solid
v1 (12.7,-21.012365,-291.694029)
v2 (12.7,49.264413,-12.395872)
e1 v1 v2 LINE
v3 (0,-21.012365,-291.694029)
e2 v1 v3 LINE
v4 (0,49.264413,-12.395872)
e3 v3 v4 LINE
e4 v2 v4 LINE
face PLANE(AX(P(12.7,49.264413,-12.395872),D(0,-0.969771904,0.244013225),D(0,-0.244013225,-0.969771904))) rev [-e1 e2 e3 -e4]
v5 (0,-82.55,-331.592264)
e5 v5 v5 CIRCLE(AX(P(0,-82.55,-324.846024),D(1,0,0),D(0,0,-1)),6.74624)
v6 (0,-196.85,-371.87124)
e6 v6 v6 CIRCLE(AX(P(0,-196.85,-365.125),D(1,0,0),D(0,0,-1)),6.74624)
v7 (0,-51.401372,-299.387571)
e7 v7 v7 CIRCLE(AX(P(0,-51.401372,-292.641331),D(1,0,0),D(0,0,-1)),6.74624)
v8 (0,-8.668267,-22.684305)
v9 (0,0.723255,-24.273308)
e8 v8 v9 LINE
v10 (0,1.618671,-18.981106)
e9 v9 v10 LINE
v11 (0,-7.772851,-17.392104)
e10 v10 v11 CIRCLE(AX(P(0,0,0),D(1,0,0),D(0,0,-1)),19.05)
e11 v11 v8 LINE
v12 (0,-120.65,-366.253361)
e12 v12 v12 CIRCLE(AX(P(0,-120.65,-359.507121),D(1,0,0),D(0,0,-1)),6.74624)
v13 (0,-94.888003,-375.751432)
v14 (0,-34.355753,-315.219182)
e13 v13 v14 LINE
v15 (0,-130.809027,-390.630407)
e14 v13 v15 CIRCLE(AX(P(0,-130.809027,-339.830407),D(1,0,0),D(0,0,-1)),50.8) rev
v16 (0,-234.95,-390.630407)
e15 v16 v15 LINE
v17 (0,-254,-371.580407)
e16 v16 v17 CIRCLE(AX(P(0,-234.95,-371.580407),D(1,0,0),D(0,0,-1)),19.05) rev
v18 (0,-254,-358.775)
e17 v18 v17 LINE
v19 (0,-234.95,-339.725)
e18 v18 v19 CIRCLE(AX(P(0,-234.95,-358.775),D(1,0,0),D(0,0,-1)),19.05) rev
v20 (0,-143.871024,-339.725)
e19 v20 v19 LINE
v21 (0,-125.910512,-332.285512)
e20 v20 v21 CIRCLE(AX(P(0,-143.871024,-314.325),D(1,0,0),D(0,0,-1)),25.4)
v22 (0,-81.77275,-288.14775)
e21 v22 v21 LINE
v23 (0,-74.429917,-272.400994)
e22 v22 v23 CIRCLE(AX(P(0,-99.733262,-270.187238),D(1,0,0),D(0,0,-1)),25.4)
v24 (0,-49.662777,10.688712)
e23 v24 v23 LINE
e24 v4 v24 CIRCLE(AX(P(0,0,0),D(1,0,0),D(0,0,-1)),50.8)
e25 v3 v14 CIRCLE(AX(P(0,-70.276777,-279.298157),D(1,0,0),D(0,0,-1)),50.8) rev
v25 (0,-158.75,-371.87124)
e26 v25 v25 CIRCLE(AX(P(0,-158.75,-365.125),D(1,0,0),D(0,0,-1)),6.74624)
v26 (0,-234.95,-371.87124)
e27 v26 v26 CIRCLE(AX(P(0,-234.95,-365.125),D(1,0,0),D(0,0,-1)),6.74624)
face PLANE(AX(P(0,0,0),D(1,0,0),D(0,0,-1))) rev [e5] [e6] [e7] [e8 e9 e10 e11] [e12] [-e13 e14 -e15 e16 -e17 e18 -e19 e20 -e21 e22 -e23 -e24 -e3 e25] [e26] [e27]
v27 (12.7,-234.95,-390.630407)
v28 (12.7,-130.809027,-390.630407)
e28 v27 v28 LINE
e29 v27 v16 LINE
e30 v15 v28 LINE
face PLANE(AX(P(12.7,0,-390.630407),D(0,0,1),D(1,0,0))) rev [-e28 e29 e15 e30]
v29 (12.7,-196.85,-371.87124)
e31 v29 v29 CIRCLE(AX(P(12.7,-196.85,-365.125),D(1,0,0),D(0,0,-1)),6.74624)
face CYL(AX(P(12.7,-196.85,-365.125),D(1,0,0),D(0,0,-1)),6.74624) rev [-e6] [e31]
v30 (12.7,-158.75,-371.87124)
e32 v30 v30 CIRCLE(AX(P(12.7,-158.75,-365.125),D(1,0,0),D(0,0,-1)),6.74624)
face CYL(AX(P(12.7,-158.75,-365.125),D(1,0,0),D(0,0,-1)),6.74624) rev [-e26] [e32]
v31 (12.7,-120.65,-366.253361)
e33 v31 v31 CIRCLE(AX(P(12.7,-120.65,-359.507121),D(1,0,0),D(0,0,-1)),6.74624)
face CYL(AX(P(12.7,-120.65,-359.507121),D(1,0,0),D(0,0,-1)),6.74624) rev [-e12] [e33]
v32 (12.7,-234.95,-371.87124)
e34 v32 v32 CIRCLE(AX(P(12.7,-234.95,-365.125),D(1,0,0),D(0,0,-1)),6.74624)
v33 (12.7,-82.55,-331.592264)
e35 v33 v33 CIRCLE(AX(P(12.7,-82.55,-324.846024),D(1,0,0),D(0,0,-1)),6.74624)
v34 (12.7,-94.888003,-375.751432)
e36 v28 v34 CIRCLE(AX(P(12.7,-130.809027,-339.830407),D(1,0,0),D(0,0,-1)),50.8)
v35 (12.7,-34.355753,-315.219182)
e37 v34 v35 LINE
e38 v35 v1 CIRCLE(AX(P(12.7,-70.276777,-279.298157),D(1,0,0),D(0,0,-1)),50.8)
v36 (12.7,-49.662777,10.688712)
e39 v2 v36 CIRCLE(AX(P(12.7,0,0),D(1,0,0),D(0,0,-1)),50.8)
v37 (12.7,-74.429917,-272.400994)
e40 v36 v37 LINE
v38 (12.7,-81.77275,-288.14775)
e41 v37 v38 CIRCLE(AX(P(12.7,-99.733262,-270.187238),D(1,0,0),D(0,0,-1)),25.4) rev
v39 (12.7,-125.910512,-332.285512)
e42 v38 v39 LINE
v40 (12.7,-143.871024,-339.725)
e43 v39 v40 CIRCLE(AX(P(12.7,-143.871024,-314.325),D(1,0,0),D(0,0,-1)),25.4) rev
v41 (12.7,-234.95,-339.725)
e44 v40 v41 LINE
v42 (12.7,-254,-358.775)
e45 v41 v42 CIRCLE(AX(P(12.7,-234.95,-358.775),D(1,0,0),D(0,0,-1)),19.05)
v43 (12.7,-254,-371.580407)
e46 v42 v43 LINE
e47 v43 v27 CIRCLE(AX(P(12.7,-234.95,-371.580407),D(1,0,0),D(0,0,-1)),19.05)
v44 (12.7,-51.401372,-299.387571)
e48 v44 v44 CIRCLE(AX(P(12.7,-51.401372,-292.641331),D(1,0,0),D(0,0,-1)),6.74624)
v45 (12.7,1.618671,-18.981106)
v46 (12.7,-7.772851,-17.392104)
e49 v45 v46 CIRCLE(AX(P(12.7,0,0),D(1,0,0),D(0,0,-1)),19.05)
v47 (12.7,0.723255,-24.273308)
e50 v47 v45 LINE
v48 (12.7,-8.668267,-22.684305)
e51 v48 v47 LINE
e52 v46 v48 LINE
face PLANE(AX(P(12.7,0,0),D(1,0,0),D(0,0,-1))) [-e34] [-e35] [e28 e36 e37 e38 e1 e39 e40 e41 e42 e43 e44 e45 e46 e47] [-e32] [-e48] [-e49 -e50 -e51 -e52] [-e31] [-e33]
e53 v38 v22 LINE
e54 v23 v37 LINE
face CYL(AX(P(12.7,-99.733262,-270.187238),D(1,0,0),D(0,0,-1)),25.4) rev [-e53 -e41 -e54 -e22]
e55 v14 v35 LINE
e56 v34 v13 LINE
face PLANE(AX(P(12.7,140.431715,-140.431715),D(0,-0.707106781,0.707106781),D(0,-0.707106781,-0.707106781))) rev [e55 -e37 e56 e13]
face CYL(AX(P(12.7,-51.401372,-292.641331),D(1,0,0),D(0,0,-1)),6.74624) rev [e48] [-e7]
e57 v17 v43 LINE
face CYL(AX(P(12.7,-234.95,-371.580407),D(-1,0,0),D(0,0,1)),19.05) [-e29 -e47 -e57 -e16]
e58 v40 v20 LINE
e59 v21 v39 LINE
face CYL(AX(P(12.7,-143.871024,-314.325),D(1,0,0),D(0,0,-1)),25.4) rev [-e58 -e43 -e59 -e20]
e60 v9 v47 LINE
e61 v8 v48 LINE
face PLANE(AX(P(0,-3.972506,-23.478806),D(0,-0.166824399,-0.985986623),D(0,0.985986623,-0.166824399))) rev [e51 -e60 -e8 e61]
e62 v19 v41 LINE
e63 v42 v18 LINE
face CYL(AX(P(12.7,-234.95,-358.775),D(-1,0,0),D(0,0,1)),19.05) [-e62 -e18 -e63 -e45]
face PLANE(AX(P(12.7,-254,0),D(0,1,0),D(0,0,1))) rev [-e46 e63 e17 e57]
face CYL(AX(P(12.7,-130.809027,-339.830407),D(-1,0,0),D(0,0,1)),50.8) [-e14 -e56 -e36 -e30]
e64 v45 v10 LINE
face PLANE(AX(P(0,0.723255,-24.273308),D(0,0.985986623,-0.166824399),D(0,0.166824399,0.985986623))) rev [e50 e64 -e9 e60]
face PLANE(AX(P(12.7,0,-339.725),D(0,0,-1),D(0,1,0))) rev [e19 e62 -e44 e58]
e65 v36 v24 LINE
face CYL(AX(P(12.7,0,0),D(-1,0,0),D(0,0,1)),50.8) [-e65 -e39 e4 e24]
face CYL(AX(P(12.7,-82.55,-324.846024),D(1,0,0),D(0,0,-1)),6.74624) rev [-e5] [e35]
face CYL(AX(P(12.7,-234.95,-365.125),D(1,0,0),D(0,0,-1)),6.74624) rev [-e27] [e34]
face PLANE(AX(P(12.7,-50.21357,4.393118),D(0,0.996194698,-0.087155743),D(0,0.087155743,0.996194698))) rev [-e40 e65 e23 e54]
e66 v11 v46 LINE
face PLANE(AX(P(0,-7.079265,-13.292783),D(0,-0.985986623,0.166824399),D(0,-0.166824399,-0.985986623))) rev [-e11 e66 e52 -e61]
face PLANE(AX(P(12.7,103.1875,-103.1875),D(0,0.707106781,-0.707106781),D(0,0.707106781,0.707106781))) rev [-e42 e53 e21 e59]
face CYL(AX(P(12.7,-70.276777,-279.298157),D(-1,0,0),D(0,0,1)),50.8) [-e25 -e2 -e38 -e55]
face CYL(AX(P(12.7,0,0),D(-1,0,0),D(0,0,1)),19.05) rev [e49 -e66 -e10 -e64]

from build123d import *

# Parameters (mm, degrees)
SKETCH1_R                   = 19.05
BOSS_EXTRUDE1_DEPTH         = 12.7
FILLET1_R                   = 25.4
FILLET2_R                   = 50.8
F_1_2_CLEARANCE_HOLE1_D     = 13.49248
F_1_2_CLEARANCE_HOLE1_DEPTH = 38.1
F_1_2_CLEARANCE_HOLE1_TIP   = 4.053549943
FILLET3_R                   = 19.05
CUT_EXTRUDE1_DEPTH          = 13.7
F_1_2_CLEARANCE_HOLE2_D     = 13.49248


with BuildPart() as part:
    # Sketch1 → Boss-Extrude1 (new body)
    with BuildSketch(Plane(origin=(0, 0, 0), x_dir=(0, 0, -1), z_dir=(1, 0, 0))):
        with BuildLine():
            Line((390.630407277, -109.766978243), (305.29908743, -24.435658396))
            Line((305.29908743, -24.435658396), (12.395871839, 49.264412727))
            ThreePointArc((12.395871839, 49.264412727), (-49.470959365, 11.544010545), (-10.688712274, -49.662777107))
            Line((-10.688712274, -49.662777107), (281.610658396, -75.235658396))
            Line((281.610658396, -75.235658396), (339.725, -133.35))
            Line((339.725, -133.35), (339.725, -254))
            Line((339.725, -254), (390.630407277, -254))
            Line((390.630407277, -254), (390.630407277, -109.766978243))
        make_face()
        Circle(SKETCH1_R, mode=Mode.SUBTRACT)
    extrude(amount=BOSS_EXTRUDE1_DEPTH)

    # Fillet1
    fillet1_edges = [part.edges().sort_by_distance(p)[0] for p in [
        (6.35, -133.35, -339.725),
        (6.35, -75.235658396, -281.610658396),
    ]]
    fillet(fillet1_edges, radius=FILLET1_R)

    # Fillet2
    fillet2_edges = [part.edges().sort_by_distance(p)[0] for p in [
        (6.35, -24.435658396, -305.29908743),
        (6.35, -109.766978243, -390.630407277),
    ]]
    fillet(fillet2_edges, radius=FILLET2_R)

    # 1/2 Clearance Hole1
    with Locations(Plane(origin=(12.7, 0, 0), x_dir=(0, 0, -1), z_dir=(1, 0, 0))):
        with Locations((365.125, -234.95), (365.125, -196.85), (365.125, -158.75), (359.5071206, -120.65), (324.846024484, -82.55)):
            Hole(F_1_2_CLEARANCE_HOLE1_D / 2, depth=F_1_2_CLEARANCE_HOLE1_DEPTH)
            with Locations((0, 0, -(F_1_2_CLEARANCE_HOLE1_DEPTH + F_1_2_CLEARANCE_HOLE1_TIP / 2))):  # 118° drill point
                Cone(0, F_1_2_CLEARANCE_HOLE1_D / 2, F_1_2_CLEARANCE_HOLE1_TIP, mode=Mode.SUBTRACT)

    # Fillet3
    fillet3_edges = [part.edges().sort_by_distance(p)[0] for p in [
        (6.35, -254, -390.630407277),
        (6.35, -254, -339.725),
    ]]
    fillet(fillet3_edges, radius=FILLET3_R)

    # Sketch4 → Cut-Extrude1 (cut, through all)
    with BuildSketch(Plane(origin=(12.7, 0, 0), x_dir=(0, 0, -1), z_dir=(1, 0, 0))):
        Polygon((23.478806451, -3.972505995), (24.27330765, 0.723255295), (14.88178507, 2.312257693), (13.292782672, -7.079264887), (22.684305252, -8.668267285), align=None)
    extrude(amount=-CUT_EXTRUDE1_DEPTH, mode=Mode.SUBTRACT)

    # 1/2 Clearance Hole2 (through all)
    with Locations(Plane(origin=(12.7, 0, 0), x_dir=(0, 0, -1), z_dir=(1, 0, 0))):
        with Locations((292.641331438, -51.40137192)):
            Hole(F_1_2_CLEARANCE_HOLE2_D / 2)


solid = part.part
